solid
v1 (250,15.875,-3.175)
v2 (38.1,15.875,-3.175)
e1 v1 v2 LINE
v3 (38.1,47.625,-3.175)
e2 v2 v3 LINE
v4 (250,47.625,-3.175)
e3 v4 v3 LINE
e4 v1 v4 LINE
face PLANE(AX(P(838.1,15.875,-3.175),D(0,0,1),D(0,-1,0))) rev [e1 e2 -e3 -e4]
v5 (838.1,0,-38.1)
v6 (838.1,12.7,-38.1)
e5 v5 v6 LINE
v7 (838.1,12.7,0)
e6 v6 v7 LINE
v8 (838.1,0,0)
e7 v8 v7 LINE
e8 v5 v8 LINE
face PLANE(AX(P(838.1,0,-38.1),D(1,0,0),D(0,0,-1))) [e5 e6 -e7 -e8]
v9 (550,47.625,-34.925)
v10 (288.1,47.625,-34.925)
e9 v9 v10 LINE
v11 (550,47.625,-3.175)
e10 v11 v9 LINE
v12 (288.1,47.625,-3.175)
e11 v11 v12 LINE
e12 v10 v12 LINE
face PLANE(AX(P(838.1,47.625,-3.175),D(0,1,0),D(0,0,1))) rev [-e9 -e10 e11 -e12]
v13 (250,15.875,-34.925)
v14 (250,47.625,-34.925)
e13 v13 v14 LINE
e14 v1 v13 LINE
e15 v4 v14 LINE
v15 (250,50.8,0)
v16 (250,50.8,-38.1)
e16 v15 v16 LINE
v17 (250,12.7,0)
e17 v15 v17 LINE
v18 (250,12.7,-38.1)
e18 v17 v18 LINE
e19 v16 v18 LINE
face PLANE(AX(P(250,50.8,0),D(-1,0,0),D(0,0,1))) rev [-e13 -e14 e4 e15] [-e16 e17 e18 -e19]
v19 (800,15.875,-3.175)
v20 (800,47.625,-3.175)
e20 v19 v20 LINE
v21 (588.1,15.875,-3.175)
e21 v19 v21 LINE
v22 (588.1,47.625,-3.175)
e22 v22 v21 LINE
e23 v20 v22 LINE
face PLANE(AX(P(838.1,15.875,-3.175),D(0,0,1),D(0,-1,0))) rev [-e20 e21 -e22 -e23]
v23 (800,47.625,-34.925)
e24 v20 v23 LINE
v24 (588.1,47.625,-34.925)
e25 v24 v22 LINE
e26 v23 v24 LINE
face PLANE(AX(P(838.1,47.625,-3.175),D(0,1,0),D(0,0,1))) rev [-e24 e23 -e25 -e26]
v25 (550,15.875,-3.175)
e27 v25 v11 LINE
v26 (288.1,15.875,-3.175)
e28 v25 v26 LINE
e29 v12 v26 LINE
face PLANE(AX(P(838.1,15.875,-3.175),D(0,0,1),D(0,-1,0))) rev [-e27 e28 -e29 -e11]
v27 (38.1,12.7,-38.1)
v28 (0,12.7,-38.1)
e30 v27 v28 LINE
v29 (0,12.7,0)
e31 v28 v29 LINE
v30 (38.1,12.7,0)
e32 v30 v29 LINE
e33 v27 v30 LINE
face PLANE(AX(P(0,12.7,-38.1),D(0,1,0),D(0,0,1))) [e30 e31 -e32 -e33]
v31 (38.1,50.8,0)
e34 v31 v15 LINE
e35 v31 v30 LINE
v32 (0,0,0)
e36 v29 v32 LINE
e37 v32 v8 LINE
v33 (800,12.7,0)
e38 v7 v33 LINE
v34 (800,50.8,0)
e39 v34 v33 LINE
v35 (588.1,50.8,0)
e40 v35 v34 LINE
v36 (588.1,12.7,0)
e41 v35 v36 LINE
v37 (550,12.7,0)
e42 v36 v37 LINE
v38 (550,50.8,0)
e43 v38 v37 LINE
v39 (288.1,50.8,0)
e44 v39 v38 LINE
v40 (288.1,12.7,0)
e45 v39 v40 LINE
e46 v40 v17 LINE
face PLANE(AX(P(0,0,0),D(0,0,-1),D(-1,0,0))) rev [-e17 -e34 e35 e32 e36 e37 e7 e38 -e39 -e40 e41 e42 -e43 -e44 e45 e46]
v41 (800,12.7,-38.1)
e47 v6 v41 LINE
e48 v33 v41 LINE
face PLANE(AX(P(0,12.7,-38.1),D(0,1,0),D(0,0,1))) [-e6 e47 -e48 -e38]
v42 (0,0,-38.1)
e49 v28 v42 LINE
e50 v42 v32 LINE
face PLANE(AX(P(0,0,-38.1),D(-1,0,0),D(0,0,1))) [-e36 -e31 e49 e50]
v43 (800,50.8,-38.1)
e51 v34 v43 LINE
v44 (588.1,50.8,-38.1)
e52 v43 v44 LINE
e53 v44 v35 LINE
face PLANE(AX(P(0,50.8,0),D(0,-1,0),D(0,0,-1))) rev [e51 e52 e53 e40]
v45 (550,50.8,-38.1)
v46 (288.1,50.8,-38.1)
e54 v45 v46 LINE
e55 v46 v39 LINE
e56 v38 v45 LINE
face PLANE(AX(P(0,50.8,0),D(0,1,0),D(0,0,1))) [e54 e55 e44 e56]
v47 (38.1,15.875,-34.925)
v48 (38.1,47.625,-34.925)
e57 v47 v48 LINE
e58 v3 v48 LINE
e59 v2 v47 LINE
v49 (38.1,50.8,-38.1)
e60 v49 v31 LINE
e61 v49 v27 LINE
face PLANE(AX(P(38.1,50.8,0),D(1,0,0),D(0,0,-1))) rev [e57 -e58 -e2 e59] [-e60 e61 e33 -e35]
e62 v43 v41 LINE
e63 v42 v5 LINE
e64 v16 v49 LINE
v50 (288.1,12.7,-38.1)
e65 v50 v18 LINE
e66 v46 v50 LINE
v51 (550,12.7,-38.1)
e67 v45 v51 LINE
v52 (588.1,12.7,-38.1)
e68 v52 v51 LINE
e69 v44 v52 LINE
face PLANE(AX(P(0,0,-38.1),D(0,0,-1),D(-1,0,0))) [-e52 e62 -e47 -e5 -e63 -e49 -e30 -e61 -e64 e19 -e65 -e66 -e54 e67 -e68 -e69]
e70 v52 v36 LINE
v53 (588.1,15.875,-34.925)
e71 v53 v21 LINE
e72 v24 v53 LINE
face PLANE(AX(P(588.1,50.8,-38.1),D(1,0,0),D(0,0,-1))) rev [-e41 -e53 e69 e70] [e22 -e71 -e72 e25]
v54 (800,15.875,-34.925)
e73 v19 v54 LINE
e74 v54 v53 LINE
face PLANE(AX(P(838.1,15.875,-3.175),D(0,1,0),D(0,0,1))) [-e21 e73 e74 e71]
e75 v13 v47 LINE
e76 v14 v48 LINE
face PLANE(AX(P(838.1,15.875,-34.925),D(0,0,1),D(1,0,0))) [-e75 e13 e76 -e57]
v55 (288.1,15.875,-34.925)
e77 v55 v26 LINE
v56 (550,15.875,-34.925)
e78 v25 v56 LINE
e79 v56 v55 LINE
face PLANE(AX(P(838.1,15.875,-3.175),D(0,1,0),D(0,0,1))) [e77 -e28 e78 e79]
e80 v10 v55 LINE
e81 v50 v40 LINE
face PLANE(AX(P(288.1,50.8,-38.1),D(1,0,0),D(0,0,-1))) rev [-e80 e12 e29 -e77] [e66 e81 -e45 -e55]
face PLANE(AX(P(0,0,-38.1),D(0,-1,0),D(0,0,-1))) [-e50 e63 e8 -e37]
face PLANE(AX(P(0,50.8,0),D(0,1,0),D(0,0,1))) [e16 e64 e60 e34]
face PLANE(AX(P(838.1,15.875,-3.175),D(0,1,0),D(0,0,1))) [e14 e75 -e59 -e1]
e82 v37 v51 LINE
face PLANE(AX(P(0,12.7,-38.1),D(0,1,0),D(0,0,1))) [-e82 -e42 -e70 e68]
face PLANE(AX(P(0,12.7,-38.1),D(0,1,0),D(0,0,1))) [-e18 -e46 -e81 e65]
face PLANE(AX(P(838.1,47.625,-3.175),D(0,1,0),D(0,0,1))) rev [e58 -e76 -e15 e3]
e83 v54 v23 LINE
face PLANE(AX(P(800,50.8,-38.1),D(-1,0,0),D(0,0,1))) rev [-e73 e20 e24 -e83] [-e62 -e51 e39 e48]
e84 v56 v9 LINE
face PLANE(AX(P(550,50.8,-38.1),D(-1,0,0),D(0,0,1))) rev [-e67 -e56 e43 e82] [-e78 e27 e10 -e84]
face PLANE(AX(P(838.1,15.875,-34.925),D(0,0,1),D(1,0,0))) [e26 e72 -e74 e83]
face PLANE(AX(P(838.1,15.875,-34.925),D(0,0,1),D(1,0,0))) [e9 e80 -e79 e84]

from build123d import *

# Parameters (mm, degrees)
SKETCH1_W           = 838.1
SKETCH1_H           = 12.7
BOSS_EXTRUDE1_DEPTH = 38.1
SKETCH2_W           = 211.9
SKETCH2_H           = 38.1
SKETCH2_W_2         = 261.9
BOSS_EXTRUDE2_DEPTH = 38.1
SKETCH6_W           = 31.75
SKETCH6_H           = 31.75
CUT_EXTRUDE2_DEPTH  = 801


with BuildPart() as part:
    # Sketch1 → Boss-Extrude1 (new body)
    with BuildSketch(Plane.XY):
        with Locations((419.05, 6.35)):
            Rectangle(SKETCH1_W, SKETCH1_H)
    extrude(amount=-BOSS_EXTRUDE1_DEPTH)

    # Sketch2 → Boss-Extrude2 (add)
    with BuildSketch(Plane(origin=(0, 12.7, 0), x_dir=(1, 0, 0), z_dir=(0, 1, 0))):
        with Locations((144.05, 19.05)):
            Rectangle(SKETCH2_W, SKETCH2_H)
        with Locations((419.05, 19.05)):
            Rectangle(SKETCH2_W_2, SKETCH2_H)
        with Locations((694.05, 19.05)):
            Rectangle(SKETCH2_W, SKETCH2_H)
    extrude(amount=BOSS_EXTRUDE2_DEPTH)

    # Sketch6 → Cut-Extrude2 (cut, through all)
    with BuildSketch(Plane.ZY.offset(-38.1)):
        with Locations((-19.05, 31.75)):
            Rectangle(SKETCH6_W, SKETCH6_H)
    extrude(amount=-CUT_EXTRUDE2_DEPTH, mode=Mode.SUBTRACT)


solid = part.part
